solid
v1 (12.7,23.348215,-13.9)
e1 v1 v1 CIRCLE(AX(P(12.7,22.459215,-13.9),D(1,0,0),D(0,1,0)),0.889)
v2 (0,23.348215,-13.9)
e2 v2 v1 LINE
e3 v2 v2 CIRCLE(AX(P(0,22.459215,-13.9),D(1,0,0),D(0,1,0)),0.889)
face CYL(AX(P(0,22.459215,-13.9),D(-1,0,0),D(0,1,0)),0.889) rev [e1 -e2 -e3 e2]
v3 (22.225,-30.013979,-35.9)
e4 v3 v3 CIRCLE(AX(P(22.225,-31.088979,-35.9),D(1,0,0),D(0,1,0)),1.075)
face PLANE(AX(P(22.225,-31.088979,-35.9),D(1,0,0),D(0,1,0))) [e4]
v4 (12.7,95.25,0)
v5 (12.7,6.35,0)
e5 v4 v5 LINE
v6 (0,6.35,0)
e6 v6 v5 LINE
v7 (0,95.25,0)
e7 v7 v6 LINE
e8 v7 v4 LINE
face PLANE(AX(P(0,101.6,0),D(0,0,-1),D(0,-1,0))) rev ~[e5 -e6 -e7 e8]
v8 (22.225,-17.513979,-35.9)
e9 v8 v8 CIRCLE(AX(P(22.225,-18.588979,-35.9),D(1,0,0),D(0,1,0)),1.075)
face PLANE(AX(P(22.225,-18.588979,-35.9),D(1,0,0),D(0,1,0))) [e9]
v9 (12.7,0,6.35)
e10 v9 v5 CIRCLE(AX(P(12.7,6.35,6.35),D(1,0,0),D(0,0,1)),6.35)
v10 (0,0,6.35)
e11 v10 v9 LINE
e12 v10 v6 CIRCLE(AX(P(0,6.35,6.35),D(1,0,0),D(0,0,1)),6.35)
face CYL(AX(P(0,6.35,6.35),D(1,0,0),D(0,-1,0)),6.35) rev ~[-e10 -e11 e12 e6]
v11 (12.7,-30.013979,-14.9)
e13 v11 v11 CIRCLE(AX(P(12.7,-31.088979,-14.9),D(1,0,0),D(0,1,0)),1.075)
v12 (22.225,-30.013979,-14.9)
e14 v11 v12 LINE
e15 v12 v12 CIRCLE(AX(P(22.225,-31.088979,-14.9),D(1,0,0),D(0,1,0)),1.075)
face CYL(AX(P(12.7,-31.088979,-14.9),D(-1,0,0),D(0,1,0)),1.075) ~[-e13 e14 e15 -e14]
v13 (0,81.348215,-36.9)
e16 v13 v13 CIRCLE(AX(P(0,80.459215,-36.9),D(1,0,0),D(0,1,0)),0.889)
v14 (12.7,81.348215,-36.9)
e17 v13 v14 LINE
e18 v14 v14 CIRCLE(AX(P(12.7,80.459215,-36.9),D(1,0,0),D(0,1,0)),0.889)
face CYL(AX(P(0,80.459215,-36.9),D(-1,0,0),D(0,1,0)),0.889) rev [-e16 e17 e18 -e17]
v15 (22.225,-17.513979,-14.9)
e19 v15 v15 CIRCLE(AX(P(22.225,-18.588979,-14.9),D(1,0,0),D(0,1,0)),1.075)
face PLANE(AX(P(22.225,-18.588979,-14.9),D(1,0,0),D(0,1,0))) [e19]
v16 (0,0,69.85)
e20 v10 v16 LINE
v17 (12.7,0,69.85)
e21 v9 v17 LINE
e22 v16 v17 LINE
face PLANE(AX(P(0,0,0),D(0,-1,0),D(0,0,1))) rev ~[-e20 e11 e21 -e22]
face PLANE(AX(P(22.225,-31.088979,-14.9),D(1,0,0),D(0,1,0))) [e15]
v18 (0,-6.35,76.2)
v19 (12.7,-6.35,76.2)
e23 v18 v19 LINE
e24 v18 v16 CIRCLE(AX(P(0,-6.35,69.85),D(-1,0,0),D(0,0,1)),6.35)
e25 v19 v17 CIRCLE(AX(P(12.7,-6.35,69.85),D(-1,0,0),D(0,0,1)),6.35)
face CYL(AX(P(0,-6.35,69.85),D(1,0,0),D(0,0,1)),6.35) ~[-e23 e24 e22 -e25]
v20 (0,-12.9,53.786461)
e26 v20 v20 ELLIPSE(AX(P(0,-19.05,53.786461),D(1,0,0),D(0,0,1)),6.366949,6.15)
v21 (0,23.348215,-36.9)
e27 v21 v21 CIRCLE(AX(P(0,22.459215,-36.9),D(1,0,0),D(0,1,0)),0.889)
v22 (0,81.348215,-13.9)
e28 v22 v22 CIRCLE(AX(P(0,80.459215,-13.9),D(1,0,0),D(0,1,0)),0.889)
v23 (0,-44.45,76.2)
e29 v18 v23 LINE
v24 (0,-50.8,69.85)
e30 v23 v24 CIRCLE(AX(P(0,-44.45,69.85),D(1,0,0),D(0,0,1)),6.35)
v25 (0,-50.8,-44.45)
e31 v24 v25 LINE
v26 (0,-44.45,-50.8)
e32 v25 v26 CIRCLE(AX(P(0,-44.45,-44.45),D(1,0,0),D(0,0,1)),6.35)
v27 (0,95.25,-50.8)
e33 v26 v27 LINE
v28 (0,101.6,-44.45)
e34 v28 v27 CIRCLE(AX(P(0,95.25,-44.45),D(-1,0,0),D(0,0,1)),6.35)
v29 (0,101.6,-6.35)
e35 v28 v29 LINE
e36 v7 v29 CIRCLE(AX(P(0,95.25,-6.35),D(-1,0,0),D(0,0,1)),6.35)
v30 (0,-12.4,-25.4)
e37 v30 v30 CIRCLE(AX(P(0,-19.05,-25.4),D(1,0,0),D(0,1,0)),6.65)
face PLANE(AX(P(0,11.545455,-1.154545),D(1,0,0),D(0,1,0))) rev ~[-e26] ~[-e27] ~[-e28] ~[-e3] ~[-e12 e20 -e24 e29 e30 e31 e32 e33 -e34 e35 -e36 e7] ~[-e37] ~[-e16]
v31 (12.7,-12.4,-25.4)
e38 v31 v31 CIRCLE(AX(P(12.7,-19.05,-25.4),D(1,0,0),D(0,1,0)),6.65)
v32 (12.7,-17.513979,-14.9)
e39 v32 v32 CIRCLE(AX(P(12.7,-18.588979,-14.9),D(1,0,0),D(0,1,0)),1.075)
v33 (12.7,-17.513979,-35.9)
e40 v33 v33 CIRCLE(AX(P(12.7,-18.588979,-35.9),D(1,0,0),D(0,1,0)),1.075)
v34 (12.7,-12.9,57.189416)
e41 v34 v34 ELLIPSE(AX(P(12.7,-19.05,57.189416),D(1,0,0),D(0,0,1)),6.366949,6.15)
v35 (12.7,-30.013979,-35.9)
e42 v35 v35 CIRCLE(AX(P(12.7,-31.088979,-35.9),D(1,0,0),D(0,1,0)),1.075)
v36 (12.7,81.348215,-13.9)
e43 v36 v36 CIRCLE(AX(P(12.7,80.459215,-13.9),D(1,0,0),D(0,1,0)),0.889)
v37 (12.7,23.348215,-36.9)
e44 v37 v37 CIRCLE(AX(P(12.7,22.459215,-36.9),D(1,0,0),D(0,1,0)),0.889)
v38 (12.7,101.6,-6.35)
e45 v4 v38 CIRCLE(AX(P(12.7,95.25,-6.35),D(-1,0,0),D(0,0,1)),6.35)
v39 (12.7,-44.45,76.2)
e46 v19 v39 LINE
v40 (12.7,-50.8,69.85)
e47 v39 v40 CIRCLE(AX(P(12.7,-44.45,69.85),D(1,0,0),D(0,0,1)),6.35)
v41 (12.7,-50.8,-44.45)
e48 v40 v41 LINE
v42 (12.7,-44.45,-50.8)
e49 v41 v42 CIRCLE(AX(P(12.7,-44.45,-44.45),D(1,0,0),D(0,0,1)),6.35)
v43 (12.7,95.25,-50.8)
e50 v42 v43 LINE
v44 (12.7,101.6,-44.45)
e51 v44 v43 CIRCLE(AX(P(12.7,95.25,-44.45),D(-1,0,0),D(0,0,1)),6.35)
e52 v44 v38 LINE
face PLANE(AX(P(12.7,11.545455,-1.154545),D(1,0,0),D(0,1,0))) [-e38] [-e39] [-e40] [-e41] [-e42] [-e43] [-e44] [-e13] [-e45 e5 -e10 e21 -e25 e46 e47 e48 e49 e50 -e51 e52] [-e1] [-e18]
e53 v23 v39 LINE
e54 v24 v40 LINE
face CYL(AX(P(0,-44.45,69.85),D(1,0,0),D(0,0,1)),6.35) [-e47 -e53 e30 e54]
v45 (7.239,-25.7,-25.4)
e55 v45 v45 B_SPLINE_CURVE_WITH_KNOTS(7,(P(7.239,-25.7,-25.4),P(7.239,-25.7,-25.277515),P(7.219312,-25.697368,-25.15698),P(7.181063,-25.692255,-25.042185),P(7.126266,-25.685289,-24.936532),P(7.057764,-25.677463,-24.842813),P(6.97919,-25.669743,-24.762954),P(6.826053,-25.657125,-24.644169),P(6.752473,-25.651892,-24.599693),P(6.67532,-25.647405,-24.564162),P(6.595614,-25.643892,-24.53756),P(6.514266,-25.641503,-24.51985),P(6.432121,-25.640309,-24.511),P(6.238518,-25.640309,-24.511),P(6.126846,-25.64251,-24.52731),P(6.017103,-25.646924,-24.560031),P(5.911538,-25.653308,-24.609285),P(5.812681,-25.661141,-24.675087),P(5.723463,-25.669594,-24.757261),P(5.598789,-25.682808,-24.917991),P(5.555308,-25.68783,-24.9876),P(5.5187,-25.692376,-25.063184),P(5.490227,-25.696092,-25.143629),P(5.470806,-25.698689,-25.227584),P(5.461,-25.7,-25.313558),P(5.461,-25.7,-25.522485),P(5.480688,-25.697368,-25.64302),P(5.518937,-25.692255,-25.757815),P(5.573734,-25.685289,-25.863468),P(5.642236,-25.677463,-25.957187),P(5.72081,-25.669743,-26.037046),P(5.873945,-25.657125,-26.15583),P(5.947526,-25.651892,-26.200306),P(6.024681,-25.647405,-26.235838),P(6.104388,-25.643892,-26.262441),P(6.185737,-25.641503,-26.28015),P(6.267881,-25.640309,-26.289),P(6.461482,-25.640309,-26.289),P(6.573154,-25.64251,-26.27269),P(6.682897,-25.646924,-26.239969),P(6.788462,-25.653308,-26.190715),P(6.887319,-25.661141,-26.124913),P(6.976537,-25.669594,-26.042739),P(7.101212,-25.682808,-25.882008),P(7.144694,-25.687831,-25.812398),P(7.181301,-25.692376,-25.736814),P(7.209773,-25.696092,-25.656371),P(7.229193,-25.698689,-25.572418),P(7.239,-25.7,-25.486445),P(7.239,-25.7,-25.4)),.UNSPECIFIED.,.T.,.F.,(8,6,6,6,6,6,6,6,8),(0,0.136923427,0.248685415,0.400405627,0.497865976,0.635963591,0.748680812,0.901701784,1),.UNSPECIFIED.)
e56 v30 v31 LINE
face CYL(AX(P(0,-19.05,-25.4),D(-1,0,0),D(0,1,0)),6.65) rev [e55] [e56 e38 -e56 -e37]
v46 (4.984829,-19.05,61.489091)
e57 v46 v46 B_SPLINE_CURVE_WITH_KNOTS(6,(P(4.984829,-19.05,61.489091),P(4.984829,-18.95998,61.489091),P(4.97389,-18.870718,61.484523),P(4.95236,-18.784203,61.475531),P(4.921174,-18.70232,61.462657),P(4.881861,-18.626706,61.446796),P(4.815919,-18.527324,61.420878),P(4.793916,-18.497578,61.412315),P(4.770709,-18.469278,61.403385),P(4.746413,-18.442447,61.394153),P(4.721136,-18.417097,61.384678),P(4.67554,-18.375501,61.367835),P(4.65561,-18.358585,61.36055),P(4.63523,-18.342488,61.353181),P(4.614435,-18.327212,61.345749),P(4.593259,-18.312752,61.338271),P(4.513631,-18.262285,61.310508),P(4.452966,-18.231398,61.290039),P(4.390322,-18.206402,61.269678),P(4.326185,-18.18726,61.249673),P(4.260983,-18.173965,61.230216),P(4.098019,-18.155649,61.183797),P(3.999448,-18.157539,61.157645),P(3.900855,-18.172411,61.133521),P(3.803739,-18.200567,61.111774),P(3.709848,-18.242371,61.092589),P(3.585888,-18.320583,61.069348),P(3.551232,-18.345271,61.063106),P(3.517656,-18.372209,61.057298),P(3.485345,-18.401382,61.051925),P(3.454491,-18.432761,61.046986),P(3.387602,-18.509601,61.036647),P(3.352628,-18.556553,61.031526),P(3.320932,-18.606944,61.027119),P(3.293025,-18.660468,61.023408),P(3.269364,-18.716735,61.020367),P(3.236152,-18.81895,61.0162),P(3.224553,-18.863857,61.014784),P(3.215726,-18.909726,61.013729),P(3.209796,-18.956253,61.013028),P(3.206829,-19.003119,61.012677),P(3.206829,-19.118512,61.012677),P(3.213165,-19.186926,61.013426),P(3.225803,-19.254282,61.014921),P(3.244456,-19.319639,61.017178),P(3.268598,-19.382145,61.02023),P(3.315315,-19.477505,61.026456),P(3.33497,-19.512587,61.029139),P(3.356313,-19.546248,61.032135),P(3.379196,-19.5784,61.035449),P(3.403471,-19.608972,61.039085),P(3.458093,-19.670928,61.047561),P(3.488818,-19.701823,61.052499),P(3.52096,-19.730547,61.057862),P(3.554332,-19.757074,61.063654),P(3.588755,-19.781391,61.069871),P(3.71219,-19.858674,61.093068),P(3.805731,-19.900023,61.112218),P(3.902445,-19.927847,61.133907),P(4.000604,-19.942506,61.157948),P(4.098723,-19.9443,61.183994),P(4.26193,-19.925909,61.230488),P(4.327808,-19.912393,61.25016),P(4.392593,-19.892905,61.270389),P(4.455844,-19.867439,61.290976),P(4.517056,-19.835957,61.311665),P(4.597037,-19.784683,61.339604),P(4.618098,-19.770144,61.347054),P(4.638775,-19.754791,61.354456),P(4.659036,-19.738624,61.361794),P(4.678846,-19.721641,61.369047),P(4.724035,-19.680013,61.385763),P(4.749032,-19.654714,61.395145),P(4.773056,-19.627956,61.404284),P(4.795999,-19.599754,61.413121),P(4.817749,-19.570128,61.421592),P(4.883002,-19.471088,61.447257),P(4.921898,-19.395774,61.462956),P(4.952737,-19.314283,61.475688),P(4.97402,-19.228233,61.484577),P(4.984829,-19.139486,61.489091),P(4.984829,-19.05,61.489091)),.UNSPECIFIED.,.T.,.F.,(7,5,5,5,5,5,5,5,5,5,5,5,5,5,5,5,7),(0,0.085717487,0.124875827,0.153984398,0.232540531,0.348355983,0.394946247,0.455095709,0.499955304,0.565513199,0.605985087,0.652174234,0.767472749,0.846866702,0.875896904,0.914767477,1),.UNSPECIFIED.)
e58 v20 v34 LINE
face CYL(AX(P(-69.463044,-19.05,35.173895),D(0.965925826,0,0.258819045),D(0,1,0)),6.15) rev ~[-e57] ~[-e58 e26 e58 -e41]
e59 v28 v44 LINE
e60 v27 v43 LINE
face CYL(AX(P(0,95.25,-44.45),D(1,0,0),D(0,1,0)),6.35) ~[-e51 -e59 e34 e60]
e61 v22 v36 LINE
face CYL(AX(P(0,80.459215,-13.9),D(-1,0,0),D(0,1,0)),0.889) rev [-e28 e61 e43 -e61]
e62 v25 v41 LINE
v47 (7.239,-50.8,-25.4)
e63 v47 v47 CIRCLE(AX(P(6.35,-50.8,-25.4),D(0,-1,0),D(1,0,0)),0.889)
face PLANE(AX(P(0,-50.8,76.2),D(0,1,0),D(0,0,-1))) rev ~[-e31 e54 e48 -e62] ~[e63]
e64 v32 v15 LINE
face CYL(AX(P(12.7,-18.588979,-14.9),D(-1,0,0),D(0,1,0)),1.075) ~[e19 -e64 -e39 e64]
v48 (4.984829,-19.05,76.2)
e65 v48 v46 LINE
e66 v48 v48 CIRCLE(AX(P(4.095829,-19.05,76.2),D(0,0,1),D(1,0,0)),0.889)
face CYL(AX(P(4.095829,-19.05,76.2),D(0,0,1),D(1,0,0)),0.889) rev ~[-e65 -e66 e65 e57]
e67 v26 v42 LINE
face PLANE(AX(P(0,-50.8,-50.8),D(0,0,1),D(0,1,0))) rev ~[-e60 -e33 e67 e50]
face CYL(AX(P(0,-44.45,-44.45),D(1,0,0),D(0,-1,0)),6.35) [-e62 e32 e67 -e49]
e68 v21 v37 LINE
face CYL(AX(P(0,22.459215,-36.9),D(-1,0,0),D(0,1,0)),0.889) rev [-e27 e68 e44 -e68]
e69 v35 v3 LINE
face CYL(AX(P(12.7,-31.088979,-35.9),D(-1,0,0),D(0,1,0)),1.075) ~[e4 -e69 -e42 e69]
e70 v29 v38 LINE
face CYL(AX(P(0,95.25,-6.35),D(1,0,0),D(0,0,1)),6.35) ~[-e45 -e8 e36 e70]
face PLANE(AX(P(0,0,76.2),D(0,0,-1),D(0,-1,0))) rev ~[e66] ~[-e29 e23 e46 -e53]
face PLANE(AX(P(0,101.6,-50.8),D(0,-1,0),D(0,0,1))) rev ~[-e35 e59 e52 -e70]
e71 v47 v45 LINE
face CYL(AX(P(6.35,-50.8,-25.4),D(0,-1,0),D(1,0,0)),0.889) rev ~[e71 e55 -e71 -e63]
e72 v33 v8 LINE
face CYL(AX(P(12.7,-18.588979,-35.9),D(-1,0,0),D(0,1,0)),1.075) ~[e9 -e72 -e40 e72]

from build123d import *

# Parameters (mm, degrees)
F0_R      = 6.65
F0_R_2    = 0.889
F1_DEPTH  = 12.7
F2_R      = 1.075
F3_DEPTH  = 9.525
F4_R      = 6.35
F5_R      = 6.35
F6_R      = 6.35
F12_R     = 6.15
F14_R     = 0.889
F15_DEPTH = 15.1883232269
F16_R     = 0.889
F17_DEPTH = 25.1606906232


with BuildPart() as f1:
    # F0 (on Right) → F1 (new body)
    with BuildSketch(Plane.YZ):
        Polygon((0, 76.2), (-50.8, 76.2), (-50.8, -50.8), (101.6, -50.8), (101.6, 0), (0, 0), align=None)
        with Locations((-19.05, -25.4)):
            Circle(F0_R, mode=Mode.SUBTRACT)
        with Locations((22.4592145532, -36.9)):
            Circle(F0_R_2, mode=Mode.SUBTRACT)
        with Locations((22.4592145532, -13.9)):
            Circle(F0_R_2, mode=Mode.SUBTRACT)
        with Locations((80.4592145532, -36.9)):
            Circle(F0_R_2, mode=Mode.SUBTRACT)
        with Locations((80.4592145532, -13.9)):
            Circle(F0_R_2, mode=Mode.SUBTRACT)
    extrude(amount=F1_DEPTH)

    # F2 (on face) → F3 (join)
    with BuildSketch(Plane.YZ.offset(12.7)):
        with Locations((-31.0889787972, -14.9)):
            Circle(F2_R)
        with Locations((-18.5889787972, -14.9)):
            Circle(F2_R)
        with Locations((-18.5889787972, -35.9)):
            Circle(F2_R)
        with Locations((-31.0889787972, -35.9)):
            Circle(F2_R)
    extrude(amount=F3_DEPTH)

    # F4
    f4_edges = [f1.edges().sort_by_distance(p)[0] for p in [
        (6.35, 0, 0),
    ]]
    fillet(f4_edges, radius=F4_R)

    # F5
    f5_edges = [f1.edges().sort_by_distance(p)[0] for p in [
        (6.35, -50.8, -50.8),
        (6.35, -50.8, 76.2),
        (6.35, 101.6, -50.8),
    ]]
    fillet(f5_edges, radius=F5_R)

    # F6
    f6_edges = [f1.edges().sort_by_distance(p)[0] for p in [
        (6.35, 0, 76.2),
        (6.35, 101.6, 0),
    ]]
    fillet(f6_edges, radius=F6_R)

    # F13: sweep along a path in F9
    with BuildLine(Plane(origin=(0, -19.05, 0), x_dir=(-1, 0, 0), z_dir=(0, 1, 0))) as f13_path:
        Line((69.4630440448, 35.1738945205), (-53.2095358939, 68.0439132485))
    # F12 (on plane+point) → F13 (sweep, cut)
    with BuildSketch(Plane(origin=(66.6561511629, 0, 17.8604618747), x_dir=(0, 1, 0), z_dir=(0.9659258263, 0, 0.2588190451))):
        with Locations((-19.05, 51.9537318581)):
            Circle(F12_R)
    sweep(path=f13_path.line, mode=Mode.SUBTRACT)

    # F14 (on face) → F15 (cut, through all)
    with BuildSketch(Plane.XY.offset(76.2)):
        with Locations((4.0958291739, -19.05)):
            Circle(F14_R)
    extrude(amount=-F15_DEPTH, mode=Mode.SUBTRACT)

    # F16 (on face) → F17 (cut, through all)
    with BuildSketch(Plane.XZ.offset(50.8)):
        with Locations((6.35, -25.4)):
            Circle(F16_R)
    extrude(amount=-F17_DEPTH, mode=Mode.SUBTRACT)


solid = f1.part
